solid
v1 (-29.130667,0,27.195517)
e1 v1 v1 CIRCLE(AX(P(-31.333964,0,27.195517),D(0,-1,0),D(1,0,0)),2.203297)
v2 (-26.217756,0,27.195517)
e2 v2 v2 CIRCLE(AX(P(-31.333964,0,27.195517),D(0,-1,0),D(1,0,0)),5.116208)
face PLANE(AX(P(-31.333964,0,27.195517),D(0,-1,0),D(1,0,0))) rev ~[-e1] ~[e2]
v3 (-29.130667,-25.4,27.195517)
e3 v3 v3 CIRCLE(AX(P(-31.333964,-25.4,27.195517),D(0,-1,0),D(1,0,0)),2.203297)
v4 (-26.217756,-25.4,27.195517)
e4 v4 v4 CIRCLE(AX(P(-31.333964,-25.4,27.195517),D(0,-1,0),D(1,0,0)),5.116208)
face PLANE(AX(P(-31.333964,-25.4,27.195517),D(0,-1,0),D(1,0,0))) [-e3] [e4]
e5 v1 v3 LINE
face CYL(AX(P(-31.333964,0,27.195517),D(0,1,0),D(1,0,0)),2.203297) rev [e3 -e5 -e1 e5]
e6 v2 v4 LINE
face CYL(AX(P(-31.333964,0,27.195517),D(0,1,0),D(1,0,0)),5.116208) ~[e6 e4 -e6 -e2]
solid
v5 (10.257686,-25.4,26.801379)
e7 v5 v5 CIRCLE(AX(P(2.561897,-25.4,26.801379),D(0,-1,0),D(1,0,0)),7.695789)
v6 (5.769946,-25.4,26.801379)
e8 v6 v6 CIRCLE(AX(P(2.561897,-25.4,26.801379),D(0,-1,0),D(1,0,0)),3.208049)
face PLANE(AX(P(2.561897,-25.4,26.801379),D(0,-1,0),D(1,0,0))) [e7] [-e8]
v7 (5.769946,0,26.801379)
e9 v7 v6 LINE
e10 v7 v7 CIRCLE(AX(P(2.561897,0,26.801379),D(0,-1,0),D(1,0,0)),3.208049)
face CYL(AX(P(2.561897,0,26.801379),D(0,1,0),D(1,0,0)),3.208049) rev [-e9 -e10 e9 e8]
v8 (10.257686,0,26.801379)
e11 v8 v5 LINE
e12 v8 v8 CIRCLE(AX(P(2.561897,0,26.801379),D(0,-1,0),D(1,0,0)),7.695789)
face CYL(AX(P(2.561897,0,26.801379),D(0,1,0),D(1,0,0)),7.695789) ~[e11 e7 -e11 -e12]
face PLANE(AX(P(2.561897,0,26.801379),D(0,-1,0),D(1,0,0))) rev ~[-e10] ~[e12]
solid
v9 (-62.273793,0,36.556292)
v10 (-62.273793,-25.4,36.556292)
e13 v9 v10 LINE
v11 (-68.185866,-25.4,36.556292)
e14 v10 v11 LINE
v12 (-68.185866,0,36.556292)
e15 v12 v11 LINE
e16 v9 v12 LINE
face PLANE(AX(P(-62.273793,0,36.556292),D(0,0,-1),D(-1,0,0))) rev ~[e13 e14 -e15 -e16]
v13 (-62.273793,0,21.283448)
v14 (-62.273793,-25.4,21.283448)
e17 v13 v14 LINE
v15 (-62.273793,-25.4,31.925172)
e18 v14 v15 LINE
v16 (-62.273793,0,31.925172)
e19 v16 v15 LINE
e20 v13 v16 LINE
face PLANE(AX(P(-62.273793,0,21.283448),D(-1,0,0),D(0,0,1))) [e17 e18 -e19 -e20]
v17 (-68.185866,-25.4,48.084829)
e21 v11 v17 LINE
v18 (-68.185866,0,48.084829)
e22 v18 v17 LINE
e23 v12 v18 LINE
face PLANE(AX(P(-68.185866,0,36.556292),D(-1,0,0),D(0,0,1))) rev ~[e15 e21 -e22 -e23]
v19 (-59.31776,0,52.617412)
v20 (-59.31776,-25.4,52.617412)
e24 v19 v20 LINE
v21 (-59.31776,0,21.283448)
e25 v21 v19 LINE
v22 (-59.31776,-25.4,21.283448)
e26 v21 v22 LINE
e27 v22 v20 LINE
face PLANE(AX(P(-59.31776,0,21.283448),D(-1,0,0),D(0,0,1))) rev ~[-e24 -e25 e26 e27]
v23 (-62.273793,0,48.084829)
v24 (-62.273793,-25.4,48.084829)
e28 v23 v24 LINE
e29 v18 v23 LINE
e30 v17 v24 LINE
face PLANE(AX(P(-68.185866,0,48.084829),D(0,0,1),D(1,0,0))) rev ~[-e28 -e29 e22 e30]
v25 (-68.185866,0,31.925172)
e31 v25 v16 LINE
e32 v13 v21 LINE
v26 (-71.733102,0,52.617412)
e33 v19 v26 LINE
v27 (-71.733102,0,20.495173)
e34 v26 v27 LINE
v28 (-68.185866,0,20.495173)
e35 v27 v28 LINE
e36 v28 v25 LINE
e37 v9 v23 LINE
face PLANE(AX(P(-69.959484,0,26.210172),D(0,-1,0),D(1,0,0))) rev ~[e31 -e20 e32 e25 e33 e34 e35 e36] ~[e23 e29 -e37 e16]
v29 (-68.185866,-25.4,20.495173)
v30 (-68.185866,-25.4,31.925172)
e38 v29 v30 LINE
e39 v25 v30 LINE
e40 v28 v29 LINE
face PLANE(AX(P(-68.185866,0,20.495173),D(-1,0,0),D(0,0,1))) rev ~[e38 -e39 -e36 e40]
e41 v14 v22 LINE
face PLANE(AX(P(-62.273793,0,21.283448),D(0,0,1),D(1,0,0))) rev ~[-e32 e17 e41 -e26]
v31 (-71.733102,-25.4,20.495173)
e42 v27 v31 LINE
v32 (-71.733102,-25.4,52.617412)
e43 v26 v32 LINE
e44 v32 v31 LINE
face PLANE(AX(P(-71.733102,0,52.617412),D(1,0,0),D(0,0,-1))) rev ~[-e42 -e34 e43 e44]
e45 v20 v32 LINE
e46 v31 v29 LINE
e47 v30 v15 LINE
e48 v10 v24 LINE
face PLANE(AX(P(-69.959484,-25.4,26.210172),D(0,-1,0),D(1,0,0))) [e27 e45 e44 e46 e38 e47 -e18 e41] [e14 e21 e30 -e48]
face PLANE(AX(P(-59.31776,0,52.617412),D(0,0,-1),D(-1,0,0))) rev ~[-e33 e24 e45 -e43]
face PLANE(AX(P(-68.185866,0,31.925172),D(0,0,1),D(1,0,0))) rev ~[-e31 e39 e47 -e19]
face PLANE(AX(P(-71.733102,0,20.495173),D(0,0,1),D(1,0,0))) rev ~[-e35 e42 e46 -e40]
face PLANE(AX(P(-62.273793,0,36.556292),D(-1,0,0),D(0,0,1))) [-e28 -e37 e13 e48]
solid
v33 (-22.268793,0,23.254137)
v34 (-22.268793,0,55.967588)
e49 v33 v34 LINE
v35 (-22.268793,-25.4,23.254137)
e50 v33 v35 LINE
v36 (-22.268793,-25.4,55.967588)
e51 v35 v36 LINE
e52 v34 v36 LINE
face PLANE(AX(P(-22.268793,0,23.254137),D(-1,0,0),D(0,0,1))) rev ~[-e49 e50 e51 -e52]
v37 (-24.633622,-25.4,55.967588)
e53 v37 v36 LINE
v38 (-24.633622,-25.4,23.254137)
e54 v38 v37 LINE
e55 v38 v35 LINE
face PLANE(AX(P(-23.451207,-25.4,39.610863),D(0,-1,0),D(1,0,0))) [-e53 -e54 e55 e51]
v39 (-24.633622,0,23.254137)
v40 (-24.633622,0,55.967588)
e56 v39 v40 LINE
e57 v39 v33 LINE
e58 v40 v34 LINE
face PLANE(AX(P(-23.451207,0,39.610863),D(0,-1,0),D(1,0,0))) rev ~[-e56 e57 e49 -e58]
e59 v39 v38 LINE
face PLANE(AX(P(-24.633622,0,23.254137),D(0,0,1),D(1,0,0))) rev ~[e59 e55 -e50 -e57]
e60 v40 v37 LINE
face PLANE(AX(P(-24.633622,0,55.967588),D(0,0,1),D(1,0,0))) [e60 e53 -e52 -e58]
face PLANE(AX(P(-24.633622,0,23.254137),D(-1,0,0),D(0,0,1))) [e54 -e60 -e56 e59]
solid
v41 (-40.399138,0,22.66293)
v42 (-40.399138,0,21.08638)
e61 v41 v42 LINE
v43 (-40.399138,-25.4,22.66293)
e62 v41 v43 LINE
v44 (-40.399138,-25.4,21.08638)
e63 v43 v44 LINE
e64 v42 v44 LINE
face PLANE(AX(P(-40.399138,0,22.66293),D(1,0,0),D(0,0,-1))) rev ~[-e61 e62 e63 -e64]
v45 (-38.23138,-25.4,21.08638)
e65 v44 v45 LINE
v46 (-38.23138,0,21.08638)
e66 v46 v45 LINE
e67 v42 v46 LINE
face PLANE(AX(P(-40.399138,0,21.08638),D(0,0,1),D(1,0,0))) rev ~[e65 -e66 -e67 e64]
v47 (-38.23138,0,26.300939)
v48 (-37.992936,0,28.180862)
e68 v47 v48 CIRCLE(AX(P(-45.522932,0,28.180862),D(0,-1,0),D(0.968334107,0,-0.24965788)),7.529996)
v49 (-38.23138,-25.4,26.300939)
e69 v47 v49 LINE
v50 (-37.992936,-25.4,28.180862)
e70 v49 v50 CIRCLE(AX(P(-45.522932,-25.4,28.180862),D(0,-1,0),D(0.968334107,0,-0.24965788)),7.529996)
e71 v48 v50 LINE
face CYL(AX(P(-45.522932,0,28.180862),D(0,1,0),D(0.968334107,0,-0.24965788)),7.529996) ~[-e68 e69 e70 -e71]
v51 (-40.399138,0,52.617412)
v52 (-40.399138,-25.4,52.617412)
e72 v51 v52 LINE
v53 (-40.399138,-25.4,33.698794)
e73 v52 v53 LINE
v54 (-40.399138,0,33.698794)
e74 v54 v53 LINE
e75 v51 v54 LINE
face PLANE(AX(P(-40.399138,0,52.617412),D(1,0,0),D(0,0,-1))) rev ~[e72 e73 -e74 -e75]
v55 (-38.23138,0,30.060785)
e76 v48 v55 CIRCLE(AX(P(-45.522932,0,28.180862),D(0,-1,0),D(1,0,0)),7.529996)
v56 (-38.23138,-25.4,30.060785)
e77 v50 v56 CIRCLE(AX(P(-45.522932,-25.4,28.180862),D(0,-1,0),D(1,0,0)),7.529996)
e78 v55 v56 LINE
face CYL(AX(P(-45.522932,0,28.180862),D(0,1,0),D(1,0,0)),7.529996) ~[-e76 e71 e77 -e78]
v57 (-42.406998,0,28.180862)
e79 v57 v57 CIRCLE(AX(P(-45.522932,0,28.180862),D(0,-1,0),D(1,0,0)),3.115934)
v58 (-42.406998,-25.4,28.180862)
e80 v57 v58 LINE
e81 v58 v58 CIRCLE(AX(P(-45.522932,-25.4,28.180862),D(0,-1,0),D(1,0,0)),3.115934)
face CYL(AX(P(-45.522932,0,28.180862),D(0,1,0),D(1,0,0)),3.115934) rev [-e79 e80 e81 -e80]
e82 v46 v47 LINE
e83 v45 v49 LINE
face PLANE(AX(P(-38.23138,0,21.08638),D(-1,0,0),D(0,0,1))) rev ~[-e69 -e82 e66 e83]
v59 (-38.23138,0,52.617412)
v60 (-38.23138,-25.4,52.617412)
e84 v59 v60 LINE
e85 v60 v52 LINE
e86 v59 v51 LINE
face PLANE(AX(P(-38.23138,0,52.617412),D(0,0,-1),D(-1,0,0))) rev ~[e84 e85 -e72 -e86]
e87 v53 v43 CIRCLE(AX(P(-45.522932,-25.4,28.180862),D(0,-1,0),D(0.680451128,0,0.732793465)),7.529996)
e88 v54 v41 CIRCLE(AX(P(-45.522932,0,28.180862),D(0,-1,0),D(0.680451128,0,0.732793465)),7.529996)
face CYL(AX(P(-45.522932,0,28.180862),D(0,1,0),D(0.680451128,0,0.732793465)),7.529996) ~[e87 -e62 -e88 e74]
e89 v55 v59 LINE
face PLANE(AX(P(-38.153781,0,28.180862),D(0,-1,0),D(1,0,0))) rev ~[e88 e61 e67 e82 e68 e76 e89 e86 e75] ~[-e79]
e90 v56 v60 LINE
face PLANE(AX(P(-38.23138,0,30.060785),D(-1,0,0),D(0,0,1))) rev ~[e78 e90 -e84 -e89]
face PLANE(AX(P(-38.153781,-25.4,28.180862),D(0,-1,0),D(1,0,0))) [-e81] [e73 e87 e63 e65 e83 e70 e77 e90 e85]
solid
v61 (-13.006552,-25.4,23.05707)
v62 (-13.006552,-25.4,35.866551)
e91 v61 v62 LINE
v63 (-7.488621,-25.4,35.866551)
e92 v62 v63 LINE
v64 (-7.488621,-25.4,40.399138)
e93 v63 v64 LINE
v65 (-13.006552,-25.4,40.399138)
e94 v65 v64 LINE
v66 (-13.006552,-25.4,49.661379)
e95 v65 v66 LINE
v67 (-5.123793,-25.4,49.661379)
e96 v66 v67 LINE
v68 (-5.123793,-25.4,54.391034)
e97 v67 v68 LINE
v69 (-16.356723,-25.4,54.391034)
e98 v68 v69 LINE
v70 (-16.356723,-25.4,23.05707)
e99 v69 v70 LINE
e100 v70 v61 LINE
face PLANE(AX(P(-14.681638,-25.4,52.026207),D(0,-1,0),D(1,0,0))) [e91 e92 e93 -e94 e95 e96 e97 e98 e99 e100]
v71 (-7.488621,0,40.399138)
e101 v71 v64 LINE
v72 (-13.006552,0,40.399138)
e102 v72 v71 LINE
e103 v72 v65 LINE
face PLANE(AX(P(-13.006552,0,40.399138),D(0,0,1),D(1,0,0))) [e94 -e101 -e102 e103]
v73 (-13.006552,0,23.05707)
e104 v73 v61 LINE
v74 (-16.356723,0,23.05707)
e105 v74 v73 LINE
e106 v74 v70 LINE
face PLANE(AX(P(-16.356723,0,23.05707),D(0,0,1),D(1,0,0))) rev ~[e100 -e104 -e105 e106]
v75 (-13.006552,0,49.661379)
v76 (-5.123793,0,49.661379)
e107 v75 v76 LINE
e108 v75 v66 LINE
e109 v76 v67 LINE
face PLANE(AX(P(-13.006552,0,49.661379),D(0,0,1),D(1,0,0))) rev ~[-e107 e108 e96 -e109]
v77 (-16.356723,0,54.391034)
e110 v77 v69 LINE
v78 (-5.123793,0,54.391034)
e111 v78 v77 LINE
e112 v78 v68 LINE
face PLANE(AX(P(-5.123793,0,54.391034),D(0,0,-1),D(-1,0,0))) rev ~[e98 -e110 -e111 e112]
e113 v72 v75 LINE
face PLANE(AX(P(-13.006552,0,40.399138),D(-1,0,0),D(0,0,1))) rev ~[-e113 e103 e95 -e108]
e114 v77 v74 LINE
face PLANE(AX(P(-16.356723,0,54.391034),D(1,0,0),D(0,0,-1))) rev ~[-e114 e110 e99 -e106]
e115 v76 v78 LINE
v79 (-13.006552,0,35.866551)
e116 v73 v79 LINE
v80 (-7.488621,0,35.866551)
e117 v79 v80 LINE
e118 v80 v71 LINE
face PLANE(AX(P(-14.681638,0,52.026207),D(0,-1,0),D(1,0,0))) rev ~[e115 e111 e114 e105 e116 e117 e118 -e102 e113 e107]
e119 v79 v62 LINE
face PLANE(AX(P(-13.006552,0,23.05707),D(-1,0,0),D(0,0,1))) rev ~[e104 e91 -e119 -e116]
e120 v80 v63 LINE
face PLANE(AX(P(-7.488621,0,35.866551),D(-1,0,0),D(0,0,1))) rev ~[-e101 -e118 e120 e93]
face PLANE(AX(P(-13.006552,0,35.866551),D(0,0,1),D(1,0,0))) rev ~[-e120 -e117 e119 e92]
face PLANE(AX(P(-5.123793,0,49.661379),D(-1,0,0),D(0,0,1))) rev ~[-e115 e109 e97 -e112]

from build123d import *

# Parameters (mm, degrees)
F0_R     = 3.1159339581
F1_DEPTH = 25.4
F0_R_2   = 5.1162080429
F0_R_3   = 2.2032969486
F0_R_4   = 7.6957887985
F0_R_5   = 3.2080491059
F0_W     = 3.5472363234
F0_H     = 11.4299990237
F0_H_2   = 4.6311207116
F0_W_2   = 5.9120729566
F0_H_3   = 11.5285366774
F0_W_3   = 2.956032753
F0_H_4   = 10.6417238712
F0_H_5   = 4.5325830579
F0_W_4   = 2.3648291826
F0_H_6   = 32.7134504914
F0_W_5   = 3.3501712605
F0_H_7   = 4.72965464
F0_W_6   = 7.882758975
F0_H_8   = 9.2622414231
F0_H_9   = 4.5325867832
F0_W_7   = 5.5179311894
F0_H_10  = 12.8094814718


with BuildPart() as f1:
    # F0 (on Front) → F1 (new body)
    with BuildSketch(Plane.XZ):
        with BuildLine():
            ThreePointArc((-38.2313802838, 26.3009390762), (-38.052785096, 27.2333697377), (-37.9929362453, 28.1808618456))
            ThreePointArc((-37.9929362453, 28.1808618456), (-38.052785096, 29.1283539536), (-38.2313802838, 30.0607846151))
            Line((-38.2313802838, 30.0607846151), (-38.2313802838, 26.3009390762))
        make_face()
        with BuildLine():
            Line((-38.2313802838, 26.3009390762), (-38.2313802838, 30.0607846151))
            ThreePointArc((-38.2313802838, 30.0607846151), (-39.0542396891, 32.0353210522), (-40.3991378844, 33.6987935007))
            Line((-40.3991378844, 33.6987935007), (-40.3991378844, 22.6629301906))
            ThreePointArc((-40.3991378844, 22.6629301906), (-39.0542396891, 24.326402639), (-38.2313802838, 26.3009390762))
        make_face()
        with BuildLine():
            ThreePointArc((-40.3991378844, 33.6987935007), (-39.0542396891, 32.0353210522), (-38.2313802838, 30.0607846151))
            Line((-38.2313802838, 30.0607846151), (-38.2313802838, 52.6174120605))
            Line((-38.2313802838, 52.6174120605), (-40.3991378844, 52.6174120605))
            Line((-40.3991378844, 52.6174120605), (-40.3991378844, 33.6987935007))
        make_face()
        with BuildLine():
            Line((-38.2313802838, 21.0863798857), (-38.2313802838, 26.3009390762))
            ThreePointArc((-38.2313802838, 26.3009390762), (-39.0542396891, 24.326402639), (-40.3991378844, 22.6629301906))
            Line((-40.3991378844, 22.6629301906), (-40.3991378844, 21.0863798857))
            Line((-40.3991378844, 21.0863798857), (-38.2313802838, 21.0863798857))
        make_face()
        with BuildLine():
            Line((-40.3991378844, 22.6629301906), (-40.3991378844, 33.6987935007))
            ThreePointArc((-40.3991378844, 33.6987935007), (-53.0529276811, 28.1808618456), (-40.3991378844, 22.6629301906))
        make_face()
        with Locations((-45.5229319632, 28.1808618456)):
            Circle(F0_R, mode=Mode.SUBTRACT)
    extrude(amount=F1_DEPTH)


with BuildPart() as f1b:
    # F0 (on Front) → F1, piece 2 (new body)
    with BuildSketch(Plane.XZ):
        with Locations((-31.333964318, 27.1955169737)):
            Circle(F0_R_2)
        with Locations((-31.333964318, 27.1955169737)):
            Circle(F0_R_3, mode=Mode.SUBTRACT)
    extrude(amount=F1_DEPTH)


with BuildPart() as f1c:
    # F0 (on Front) → F1, piece 3 (new body)
    with BuildSketch(Plane.XZ):
        with Locations((2.5618970394, 26.8013793975)):
            Circle(F0_R_4)
        with Locations((2.5618970394, 26.8013793975)):
            Circle(F0_R_5, mode=Mode.SUBTRACT)
    extrude(amount=F1_DEPTH)


with BuildPart() as f1d:
    # F0 (on Front) → F1, piece 4 (new body)
    with BuildSketch(Plane.XZ):
        with Locations((-69.9594840407, 26.2101721019)):
            Rectangle(F0_W, F0_H)
        with Locations((-69.9594840407, 34.2407319695)):
            Rectangle(F0_W, F0_H_2)
        with Locations((-65.2298294008, 34.2407319695)):
            Rectangle(F0_W_2, F0_H_2)
        with Locations((-69.9594840407, 42.3205606639)):
            Rectangle(F0_W, F0_H_3)
        with Locations((-60.795776546, 26.6043096781)):
            Rectangle(F0_W_3, F0_H_4)
        with Locations((-60.795776546, 34.2407319695)):
            Rectangle(F0_W_3, F0_H_2)
        with Locations((-69.9594840407, 50.3511205316)):
            Rectangle(F0_W, F0_H_5)
        with Locations((-65.2298294008, 50.3511205316)):
            Rectangle(F0_W_2, F0_H_5)
        with Locations((-60.795776546, 42.3205606639)):
            Rectangle(F0_W_3, F0_H_3)
        with Locations((-60.795776546, 50.3511205316)):
            Rectangle(F0_W_3, F0_H_5)
    extrude(amount=F1_DEPTH)


with BuildPart() as f1e:
    # F0 (on Front) → F1, piece 5 (new body)
    with BuildSketch(Plane.XZ):
        with Locations((-23.4512072057, 39.6108627319)):
            Rectangle(F0_W_4, F0_H_6)
    extrude(amount=F1_DEPTH)


with BuildPart() as f1f:
    # F0 (on Front) → F1, piece 6 (new body)
    with BuildSketch(Plane.XZ):
        with Locations((-14.6816377528, 52.0262066275)):
            Rectangle(F0_W_5, F0_H_7)
        with Locations((-9.065172635, 52.0262066275)):
            Rectangle(F0_W_6, F0_H_7)
        with Locations((-14.6816377528, 45.0302585959)):
            Rectangle(F0_W_5, F0_H_8)
        with Locations((-14.6816377528, 38.1328444928)):
            Rectangle(F0_W_5, F0_H_9)
        with Locations((-10.2475865278, 38.1328444928)):
            Rectangle(F0_W_7, F0_H_9)
        with Locations((-14.6816377528, 29.4618103653)):
            Rectangle(F0_W_5, F0_H_10)
    extrude(amount=F1_DEPTH)


solid = Compound([f1.part, f1b.part, f1c.part, f1d.part, f1e.part, f1f.part])
